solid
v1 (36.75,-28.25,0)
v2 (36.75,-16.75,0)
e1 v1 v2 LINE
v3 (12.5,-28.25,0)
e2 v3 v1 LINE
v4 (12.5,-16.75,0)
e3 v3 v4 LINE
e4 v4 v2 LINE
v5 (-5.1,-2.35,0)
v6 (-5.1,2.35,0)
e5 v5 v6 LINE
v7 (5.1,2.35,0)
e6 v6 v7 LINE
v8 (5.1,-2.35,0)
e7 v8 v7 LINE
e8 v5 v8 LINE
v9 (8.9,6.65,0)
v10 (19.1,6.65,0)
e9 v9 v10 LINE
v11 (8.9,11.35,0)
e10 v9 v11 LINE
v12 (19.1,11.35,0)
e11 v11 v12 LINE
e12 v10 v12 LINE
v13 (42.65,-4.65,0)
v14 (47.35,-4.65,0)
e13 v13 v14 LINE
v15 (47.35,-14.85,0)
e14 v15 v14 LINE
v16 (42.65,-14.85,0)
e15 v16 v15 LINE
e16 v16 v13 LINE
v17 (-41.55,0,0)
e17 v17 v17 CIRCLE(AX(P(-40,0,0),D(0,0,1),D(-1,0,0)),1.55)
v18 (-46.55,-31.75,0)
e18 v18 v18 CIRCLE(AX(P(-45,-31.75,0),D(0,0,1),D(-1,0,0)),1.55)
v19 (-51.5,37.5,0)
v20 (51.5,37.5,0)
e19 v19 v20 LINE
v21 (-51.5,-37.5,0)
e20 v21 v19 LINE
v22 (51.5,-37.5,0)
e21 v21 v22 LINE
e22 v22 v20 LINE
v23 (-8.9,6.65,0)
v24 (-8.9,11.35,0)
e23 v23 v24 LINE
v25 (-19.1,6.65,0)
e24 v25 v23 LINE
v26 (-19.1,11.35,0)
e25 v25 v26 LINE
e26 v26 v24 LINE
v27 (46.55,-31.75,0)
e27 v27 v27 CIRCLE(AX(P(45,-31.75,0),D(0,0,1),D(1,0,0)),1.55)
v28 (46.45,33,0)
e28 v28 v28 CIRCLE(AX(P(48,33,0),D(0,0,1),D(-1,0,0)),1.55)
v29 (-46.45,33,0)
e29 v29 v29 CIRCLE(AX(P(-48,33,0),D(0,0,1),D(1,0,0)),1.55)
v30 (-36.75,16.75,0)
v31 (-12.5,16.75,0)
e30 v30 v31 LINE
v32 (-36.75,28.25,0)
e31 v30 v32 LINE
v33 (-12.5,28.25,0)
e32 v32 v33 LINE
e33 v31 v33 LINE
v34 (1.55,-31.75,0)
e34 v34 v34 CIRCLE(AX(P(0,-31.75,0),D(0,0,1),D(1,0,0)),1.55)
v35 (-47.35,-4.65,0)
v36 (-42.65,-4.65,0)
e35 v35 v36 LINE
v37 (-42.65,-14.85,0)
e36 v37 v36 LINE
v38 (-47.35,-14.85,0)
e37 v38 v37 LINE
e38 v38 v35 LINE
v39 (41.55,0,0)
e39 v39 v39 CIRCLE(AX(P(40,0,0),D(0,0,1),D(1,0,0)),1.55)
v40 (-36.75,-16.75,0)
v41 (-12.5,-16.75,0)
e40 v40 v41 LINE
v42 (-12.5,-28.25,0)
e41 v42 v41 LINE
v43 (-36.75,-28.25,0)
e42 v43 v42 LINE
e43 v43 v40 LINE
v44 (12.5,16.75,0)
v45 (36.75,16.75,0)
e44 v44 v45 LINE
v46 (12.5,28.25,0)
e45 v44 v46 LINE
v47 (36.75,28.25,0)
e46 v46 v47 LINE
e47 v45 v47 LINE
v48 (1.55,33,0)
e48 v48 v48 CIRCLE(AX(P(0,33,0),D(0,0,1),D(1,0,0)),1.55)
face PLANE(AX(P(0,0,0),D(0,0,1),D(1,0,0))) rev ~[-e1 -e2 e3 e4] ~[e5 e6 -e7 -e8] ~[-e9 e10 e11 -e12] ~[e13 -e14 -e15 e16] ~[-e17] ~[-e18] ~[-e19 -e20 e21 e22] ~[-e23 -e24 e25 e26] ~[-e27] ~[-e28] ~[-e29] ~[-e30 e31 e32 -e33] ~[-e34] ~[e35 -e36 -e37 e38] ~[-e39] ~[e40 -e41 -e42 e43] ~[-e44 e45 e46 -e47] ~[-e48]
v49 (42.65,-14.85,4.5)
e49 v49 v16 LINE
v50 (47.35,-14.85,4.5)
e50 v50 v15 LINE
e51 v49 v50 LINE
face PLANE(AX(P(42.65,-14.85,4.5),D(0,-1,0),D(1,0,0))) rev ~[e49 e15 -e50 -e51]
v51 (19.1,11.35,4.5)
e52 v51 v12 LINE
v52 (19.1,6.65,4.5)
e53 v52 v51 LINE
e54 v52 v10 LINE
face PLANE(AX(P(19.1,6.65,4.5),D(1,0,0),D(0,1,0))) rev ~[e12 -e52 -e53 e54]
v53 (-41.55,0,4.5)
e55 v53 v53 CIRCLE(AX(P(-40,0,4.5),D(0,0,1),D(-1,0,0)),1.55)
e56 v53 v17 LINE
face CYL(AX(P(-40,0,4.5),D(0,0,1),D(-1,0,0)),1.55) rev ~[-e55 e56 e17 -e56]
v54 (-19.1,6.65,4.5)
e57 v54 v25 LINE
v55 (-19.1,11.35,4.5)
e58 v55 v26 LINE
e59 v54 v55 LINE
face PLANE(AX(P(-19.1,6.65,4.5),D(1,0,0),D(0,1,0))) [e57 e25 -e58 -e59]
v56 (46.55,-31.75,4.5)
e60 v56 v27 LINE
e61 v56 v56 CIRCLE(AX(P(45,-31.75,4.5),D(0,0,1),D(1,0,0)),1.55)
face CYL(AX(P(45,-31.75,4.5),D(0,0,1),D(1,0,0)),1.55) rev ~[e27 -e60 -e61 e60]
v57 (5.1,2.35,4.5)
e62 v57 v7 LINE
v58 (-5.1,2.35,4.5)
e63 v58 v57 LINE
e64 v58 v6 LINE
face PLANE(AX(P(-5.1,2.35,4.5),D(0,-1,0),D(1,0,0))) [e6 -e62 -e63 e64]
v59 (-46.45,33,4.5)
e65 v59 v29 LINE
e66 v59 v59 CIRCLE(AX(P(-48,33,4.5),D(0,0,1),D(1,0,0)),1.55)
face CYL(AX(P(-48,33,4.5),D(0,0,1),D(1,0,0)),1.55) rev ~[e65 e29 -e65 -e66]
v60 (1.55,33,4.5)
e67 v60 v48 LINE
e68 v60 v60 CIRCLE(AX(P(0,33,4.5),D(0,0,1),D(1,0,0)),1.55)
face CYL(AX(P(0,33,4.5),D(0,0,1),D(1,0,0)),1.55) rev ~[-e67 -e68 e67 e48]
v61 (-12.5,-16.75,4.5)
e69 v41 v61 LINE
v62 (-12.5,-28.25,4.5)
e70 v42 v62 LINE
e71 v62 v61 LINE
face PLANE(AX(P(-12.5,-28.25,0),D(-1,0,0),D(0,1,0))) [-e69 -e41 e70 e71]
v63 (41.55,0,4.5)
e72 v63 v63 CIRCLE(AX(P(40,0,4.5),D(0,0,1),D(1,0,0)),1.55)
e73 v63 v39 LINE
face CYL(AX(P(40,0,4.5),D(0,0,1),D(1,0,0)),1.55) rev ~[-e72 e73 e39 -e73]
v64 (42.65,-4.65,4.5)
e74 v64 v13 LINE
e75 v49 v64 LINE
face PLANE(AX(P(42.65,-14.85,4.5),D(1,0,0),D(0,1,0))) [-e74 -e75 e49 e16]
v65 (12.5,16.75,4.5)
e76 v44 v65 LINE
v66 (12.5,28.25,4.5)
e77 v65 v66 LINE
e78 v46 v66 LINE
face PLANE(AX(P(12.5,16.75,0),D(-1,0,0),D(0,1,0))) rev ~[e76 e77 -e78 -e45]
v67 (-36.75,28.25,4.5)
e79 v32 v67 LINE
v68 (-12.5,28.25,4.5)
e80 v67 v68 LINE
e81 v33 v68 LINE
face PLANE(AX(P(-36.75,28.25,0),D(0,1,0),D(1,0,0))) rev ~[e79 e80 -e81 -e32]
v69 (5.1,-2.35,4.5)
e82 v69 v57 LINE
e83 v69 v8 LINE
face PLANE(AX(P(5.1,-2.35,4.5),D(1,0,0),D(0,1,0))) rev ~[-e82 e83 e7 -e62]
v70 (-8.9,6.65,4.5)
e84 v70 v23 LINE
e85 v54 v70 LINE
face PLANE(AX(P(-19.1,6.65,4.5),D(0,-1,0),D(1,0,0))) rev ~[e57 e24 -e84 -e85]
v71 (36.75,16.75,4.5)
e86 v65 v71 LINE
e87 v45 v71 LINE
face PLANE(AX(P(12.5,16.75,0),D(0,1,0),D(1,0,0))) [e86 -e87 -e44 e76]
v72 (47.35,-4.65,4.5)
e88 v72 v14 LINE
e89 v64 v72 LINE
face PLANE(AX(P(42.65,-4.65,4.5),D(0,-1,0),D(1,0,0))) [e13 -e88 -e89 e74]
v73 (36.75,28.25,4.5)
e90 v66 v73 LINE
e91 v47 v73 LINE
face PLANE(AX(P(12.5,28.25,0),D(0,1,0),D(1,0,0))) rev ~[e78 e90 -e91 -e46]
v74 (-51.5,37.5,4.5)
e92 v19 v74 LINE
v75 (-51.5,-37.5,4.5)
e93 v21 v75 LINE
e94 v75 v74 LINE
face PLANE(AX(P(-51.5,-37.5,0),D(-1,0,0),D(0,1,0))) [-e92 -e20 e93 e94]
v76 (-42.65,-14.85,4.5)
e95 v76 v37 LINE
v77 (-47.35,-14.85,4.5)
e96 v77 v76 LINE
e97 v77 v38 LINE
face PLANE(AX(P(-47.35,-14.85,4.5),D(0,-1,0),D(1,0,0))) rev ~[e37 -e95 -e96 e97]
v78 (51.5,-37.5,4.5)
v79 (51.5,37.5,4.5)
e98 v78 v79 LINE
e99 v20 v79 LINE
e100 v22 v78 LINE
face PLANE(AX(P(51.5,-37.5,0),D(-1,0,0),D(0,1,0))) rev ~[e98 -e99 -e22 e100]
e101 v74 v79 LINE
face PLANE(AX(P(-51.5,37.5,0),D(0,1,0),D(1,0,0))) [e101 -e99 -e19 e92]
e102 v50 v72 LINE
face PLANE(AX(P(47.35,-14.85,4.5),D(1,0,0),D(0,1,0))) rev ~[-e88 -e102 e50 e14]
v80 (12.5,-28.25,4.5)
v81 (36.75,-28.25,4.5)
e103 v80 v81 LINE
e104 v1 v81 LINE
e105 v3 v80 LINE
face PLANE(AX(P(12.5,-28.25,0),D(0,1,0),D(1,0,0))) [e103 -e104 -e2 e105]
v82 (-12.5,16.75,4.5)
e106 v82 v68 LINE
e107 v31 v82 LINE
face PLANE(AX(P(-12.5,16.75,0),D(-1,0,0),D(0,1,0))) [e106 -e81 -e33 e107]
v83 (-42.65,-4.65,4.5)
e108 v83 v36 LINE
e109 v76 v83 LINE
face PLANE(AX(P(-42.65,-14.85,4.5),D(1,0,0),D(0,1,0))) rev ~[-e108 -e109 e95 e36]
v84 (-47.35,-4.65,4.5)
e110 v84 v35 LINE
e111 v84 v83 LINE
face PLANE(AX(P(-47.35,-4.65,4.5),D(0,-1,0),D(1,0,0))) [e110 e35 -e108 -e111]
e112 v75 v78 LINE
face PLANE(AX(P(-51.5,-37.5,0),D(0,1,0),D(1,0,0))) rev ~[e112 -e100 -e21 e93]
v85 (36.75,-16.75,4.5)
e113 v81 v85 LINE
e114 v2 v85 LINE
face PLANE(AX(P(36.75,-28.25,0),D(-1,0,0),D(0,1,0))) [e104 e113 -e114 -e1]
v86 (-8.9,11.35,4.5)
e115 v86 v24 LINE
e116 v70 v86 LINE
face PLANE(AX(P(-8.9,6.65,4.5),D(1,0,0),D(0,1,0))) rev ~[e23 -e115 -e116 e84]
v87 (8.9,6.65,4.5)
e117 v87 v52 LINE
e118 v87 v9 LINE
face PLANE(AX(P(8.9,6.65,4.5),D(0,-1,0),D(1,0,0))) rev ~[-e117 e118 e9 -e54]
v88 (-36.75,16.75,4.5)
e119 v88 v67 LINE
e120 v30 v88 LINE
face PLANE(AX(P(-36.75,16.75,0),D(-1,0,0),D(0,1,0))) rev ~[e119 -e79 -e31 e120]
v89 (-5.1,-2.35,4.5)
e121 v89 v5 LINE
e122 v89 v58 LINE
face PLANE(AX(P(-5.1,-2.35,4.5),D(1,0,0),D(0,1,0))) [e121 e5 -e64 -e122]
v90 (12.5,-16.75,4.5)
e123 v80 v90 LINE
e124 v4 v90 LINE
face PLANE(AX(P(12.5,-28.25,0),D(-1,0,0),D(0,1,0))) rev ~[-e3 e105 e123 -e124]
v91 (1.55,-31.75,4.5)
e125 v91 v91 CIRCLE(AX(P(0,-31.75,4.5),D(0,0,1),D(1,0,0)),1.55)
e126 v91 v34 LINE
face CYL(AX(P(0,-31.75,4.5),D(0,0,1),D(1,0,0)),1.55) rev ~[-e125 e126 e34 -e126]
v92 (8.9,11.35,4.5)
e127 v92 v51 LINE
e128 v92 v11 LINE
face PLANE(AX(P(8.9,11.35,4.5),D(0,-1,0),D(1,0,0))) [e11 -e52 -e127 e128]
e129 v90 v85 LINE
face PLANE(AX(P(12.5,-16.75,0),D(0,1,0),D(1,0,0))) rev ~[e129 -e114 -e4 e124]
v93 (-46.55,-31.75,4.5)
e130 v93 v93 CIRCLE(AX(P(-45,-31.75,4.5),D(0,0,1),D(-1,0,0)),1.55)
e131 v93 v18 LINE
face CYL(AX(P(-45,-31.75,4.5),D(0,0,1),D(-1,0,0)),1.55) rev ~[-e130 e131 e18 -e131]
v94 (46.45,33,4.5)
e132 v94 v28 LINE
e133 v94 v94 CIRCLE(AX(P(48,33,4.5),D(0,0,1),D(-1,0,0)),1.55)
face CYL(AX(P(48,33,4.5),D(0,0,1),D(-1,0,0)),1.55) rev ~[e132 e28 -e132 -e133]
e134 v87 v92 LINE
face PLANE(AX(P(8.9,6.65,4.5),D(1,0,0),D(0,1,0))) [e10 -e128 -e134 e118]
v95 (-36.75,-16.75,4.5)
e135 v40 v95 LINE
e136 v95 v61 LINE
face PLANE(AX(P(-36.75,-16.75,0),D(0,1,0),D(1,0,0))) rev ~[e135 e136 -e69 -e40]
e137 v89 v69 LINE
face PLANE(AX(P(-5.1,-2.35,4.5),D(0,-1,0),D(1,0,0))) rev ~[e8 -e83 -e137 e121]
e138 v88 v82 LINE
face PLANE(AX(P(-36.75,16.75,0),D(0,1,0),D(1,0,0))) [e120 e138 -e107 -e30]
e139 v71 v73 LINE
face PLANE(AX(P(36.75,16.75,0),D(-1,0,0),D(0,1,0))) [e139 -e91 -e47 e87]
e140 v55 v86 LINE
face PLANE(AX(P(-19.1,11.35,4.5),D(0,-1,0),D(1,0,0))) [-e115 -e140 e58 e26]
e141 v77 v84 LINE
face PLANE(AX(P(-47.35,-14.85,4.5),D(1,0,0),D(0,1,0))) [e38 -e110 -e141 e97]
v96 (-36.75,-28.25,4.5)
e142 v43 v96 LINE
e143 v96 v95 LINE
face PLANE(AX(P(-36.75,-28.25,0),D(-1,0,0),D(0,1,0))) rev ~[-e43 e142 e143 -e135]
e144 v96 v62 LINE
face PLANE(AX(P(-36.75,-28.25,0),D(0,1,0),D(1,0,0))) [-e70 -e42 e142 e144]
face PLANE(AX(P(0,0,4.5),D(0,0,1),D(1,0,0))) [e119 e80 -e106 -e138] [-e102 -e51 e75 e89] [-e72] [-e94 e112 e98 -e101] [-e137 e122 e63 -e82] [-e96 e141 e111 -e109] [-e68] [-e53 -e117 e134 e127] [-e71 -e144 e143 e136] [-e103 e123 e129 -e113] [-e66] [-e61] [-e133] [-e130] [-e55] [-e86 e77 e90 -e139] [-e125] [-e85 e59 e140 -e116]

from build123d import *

# Parameters (mm, degrees)
SKETCH1_W           = 103
SKETCH1_H           = 75
SKETCH1_W_2         = 24.25
SKETCH1_H_2         = 11.5
BOSS_EXTRUDE1_DEPTH = 4.5
SKETCH2_R           = 1.55
SCREWHOLES_DEPTH    = 64.865092187
SKETCH3_W           = 10.2
SKETCH3_H           = 4.7
BELTCLAMP_DEPTH     = 64.865092187
SKETCH4_W           = 10.2
SKETCH4_H           = 4.7
CUT_EXTRUDE3_DEPTH  = 64.865092187
SKETCH5_R           = 1.55
SKETCH5_W           = 4.7
SKETCH5_H           = 10.2
CUT_EXTRUDE4_DEPTH  = 64.865092187


with BuildPart() as part:
    # Sketch1 → Boss-Extrude1 (new body)
    with BuildSketch(Plane.XY):
        Rectangle(SKETCH1_W, SKETCH1_H)
        with Locations((-24.625, 22.5)):
            Rectangle(SKETCH1_W_2, SKETCH1_H_2, mode=Mode.SUBTRACT)
        with Locations((24.625, 22.5)):
            Rectangle(SKETCH1_W_2, SKETCH1_H_2, mode=Mode.SUBTRACT)
        with Locations((24.625, -22.5)):
            Rectangle(SKETCH1_W_2, SKETCH1_H_2, mode=Mode.SUBTRACT)
        with Locations((-24.625, -22.5)):
            Rectangle(SKETCH1_W_2, SKETCH1_H_2, mode=Mode.SUBTRACT)
    extrude(amount=BOSS_EXTRUDE1_DEPTH)

    # Sketch2 → screwHoles (cut, through all)
    with BuildSketch(Plane.XY.offset(4.5)):
        with Locations((-48, 33)):
            Circle(SKETCH2_R)
        with Locations(Location((48, 33, 0), (0, 0, 180))):
            Circle(SKETCH2_R)
        with Locations((40, 0)):
            Circle(SKETCH2_R)
        with Locations(Location((-40, 0, 0), (0, 0, 180))):
            Circle(SKETCH2_R)
        with Locations((0, 33)):
            Circle(SKETCH2_R)
    extrude(amount=-SCREWHOLES_DEPTH, mode=Mode.SUBTRACT)

    # Sketch3 → BeltClamp (cut, through all)
    with BuildSketch(Plane.XY.offset(4.5)):
        with Locations((-14, 9)):
            Rectangle(SKETCH3_W, SKETCH3_H)
        with Locations((14, 9)):
            Rectangle(SKETCH3_W, SKETCH3_H)
    extrude(amount=-BELTCLAMP_DEPTH, mode=Mode.SUBTRACT)

    # Sketch4 → Cut-Extrude3 (cut, through all)
    with BuildSketch(Plane.XY.offset(4.5)):
        Rectangle(SKETCH4_W, SKETCH4_H)
    extrude(amount=-CUT_EXTRUDE3_DEPTH, mode=Mode.SUBTRACT)

    # Sketch5 → Cut-Extrude4 (cut, through all)
    with BuildSketch(Plane.XY.offset(4.5)):
        with Locations((45, -31.75)):
            Circle(SKETCH5_R)
        with Locations(Location((-45, -31.75, 0), (0, 0, 180))):
            Circle(SKETCH5_R)
        with Locations((0, -31.75)):
            Circle(SKETCH5_R)
        with Locations((45, -9.75)):
            Rectangle(SKETCH5_W, SKETCH5_H)
        with Locations((-45, -9.75)):
            Rectangle(SKETCH5_W, SKETCH5_H)
    extrude(amount=-CUT_EXTRUDE4_DEPTH, mode=Mode.SUBTRACT)


solid = part.part
